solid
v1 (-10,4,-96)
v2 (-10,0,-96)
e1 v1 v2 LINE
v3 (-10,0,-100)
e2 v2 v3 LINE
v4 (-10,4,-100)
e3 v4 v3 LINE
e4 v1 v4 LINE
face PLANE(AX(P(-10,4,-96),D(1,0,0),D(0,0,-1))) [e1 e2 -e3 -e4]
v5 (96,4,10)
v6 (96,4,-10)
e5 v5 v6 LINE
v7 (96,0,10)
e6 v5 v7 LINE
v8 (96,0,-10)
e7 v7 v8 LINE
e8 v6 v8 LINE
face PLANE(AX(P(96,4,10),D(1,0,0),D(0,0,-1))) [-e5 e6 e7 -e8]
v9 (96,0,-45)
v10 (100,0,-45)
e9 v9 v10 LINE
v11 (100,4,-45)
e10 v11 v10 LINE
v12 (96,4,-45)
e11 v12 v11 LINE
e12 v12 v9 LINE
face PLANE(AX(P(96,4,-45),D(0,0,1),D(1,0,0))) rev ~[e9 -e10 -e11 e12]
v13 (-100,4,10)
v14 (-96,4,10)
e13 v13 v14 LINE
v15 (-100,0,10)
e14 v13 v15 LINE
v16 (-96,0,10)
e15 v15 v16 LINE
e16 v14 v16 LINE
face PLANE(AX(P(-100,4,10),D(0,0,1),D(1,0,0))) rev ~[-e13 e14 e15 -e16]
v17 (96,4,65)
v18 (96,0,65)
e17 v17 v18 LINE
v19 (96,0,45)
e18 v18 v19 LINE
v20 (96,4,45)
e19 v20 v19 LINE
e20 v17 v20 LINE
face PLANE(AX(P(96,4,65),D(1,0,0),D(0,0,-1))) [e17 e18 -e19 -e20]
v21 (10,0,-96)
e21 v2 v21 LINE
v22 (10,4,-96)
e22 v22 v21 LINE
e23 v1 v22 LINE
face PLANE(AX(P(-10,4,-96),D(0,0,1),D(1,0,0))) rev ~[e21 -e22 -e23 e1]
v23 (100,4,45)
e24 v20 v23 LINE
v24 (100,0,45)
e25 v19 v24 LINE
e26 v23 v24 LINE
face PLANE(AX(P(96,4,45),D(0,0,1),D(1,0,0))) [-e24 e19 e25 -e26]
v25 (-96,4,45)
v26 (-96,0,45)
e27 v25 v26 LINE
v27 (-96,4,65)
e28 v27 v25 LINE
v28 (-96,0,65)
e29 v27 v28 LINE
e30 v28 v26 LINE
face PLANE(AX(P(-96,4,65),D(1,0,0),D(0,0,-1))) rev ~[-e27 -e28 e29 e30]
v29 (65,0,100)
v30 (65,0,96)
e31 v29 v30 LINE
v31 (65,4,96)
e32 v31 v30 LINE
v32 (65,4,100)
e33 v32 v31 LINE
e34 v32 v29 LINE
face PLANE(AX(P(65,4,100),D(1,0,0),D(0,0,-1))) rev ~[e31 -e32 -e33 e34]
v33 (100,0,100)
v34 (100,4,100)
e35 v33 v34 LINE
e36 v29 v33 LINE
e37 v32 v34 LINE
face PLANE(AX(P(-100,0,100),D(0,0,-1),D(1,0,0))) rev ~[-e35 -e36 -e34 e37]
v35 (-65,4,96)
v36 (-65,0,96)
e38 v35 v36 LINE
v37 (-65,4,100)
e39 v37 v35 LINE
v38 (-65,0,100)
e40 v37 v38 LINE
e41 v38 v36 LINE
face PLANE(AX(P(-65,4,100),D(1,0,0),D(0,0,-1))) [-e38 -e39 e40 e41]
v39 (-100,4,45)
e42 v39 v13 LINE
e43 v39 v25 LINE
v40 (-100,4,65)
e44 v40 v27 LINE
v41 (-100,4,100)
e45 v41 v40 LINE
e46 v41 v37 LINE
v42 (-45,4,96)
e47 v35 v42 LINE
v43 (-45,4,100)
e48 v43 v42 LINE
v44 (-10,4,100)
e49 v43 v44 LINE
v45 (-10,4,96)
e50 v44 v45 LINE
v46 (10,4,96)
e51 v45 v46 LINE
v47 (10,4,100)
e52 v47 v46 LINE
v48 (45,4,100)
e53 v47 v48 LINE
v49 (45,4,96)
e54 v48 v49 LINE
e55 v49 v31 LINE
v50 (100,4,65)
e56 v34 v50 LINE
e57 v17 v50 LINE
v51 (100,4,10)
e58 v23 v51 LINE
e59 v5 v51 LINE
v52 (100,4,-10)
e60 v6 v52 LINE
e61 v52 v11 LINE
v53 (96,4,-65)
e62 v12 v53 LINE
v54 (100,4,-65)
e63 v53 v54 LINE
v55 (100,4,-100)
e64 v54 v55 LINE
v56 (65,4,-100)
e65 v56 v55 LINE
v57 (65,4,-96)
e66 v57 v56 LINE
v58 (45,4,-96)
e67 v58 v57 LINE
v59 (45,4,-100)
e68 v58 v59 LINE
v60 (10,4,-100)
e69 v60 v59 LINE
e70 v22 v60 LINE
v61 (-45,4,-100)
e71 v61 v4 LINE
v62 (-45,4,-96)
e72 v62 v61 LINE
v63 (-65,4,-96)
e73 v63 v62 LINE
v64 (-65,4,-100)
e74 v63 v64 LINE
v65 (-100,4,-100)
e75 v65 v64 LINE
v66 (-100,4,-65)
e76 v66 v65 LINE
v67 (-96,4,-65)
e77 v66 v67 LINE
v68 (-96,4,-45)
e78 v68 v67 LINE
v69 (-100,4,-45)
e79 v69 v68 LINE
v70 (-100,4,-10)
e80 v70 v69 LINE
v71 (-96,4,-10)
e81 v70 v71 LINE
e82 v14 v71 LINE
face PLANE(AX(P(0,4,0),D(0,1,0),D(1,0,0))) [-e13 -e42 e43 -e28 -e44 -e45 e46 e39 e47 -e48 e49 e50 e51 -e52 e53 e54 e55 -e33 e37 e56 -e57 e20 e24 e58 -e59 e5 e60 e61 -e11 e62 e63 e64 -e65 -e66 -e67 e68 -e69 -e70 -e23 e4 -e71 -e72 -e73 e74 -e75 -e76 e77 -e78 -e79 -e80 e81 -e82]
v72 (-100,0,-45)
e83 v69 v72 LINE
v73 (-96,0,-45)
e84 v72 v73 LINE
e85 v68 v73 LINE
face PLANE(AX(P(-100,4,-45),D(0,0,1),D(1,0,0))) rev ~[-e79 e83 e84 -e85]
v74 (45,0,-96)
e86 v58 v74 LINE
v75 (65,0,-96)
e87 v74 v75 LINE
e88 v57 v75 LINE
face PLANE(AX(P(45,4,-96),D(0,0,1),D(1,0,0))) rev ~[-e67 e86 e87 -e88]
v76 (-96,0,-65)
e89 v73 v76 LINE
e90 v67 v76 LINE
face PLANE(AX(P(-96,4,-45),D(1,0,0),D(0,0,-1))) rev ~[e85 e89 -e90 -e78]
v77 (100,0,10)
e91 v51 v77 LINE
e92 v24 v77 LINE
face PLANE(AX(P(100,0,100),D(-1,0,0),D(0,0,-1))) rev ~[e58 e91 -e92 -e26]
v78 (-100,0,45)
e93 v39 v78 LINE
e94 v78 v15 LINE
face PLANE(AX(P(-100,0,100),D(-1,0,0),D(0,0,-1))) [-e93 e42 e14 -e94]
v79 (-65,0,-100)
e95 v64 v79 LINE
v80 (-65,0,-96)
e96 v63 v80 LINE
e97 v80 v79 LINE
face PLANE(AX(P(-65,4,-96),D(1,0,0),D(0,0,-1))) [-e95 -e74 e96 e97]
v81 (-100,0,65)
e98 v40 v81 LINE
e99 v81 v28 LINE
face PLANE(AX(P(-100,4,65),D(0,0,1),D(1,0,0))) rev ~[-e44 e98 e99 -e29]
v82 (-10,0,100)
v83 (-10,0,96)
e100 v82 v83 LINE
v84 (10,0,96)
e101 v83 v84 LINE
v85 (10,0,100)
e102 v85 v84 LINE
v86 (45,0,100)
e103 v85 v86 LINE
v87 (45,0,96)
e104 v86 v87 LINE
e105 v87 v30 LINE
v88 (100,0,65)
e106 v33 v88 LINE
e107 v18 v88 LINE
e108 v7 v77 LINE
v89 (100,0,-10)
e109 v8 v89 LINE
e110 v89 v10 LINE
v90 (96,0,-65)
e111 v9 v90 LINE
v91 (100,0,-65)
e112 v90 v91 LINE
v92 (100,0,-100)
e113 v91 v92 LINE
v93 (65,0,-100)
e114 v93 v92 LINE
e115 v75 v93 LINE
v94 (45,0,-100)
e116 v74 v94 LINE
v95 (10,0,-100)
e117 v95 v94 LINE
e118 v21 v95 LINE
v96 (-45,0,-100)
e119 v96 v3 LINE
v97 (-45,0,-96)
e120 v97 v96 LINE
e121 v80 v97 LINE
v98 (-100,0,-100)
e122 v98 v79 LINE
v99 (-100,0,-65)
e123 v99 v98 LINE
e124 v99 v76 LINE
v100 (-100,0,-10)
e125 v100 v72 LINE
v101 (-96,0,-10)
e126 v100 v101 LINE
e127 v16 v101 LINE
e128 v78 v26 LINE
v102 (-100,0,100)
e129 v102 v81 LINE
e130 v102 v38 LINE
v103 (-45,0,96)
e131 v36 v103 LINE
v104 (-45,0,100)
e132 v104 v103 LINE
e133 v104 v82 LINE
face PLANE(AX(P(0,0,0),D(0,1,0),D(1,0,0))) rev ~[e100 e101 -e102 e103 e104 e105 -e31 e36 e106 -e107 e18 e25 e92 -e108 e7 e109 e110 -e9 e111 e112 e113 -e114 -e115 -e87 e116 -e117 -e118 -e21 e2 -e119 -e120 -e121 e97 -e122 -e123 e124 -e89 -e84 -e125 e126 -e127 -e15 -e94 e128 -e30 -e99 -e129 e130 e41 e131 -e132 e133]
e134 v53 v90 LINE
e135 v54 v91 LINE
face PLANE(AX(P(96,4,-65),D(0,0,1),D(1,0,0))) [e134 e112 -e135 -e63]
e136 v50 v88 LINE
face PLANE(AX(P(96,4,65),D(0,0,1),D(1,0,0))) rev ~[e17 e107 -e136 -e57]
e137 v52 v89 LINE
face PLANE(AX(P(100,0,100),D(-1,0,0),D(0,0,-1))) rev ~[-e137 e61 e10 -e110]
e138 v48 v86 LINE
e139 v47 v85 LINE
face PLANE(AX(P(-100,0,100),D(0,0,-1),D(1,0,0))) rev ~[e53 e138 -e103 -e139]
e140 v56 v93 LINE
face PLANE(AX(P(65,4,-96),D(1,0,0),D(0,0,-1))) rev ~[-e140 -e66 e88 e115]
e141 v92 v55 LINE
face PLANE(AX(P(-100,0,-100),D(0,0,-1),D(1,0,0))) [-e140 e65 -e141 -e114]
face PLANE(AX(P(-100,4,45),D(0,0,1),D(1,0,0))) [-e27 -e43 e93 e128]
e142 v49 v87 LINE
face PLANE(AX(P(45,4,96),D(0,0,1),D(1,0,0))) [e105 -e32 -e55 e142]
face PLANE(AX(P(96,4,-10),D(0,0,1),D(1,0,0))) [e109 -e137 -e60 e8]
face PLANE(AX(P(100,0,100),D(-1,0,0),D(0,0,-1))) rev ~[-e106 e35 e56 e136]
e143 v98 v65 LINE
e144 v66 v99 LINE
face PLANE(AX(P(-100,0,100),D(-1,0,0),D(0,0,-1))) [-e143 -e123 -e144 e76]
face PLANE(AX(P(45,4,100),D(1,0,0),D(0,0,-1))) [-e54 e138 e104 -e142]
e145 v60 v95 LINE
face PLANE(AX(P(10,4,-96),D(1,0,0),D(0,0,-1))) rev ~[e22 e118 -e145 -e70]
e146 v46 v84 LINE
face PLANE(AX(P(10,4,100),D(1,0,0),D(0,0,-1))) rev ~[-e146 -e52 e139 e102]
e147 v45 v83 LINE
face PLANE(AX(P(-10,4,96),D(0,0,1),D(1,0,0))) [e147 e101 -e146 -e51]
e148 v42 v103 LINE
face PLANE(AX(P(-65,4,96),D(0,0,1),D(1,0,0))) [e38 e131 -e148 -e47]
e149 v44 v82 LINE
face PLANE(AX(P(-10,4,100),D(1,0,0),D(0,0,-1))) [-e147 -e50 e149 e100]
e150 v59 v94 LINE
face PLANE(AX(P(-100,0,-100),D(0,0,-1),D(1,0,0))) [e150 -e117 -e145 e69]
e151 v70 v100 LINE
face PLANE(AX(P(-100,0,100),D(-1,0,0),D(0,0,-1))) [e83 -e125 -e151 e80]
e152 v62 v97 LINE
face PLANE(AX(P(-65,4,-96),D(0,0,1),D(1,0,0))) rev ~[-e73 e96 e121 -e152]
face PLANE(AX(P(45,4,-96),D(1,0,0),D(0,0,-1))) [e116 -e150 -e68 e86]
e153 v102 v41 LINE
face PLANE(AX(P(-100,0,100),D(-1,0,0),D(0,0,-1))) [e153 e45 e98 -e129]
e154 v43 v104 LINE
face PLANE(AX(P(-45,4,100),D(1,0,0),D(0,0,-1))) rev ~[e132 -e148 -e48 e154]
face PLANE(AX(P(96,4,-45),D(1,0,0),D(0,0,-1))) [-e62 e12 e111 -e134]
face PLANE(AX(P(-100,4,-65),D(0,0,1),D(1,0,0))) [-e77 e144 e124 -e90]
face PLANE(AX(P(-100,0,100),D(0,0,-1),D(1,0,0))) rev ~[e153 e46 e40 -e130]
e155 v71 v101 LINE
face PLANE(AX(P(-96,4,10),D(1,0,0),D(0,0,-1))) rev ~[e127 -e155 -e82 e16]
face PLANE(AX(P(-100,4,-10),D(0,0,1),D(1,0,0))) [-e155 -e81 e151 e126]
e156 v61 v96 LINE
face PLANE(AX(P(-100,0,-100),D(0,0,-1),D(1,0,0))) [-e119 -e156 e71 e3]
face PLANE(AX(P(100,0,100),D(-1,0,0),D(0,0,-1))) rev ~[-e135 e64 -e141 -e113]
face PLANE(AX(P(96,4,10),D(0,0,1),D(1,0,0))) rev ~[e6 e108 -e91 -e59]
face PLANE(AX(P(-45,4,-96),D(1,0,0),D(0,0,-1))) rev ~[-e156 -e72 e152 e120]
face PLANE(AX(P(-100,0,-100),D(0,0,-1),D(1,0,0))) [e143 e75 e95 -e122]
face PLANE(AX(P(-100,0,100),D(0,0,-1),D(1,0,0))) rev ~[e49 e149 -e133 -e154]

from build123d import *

# Parameters (mm, degrees)
ESBO_O1_W                = 200
ESBO_O1_H                = 200
RESSALTO_EXTRUS_O1_DEPTH = 4
ESBO_O2_W                = 20
ESBO_O2_H                = 4
ESBO_O2_W_2              = 4
ESBO_O2_H_2              = 20
CORTE_EXTRUS_O1_DEPTH    = 5


with BuildPart() as part:
    # Esboço1 → Ressalto-extrusão1 (new body)
    with BuildSketch(Plane(origin=(0, 0, 0), x_dir=(1, 0, 0), z_dir=(0, 1, 0))):
        Rectangle(ESBO_O1_W, ESBO_O1_H)
    extrude(amount=RESSALTO_EXTRUS_O1_DEPTH)

    # Esboço2 → Corte-extrusão1 (cut, through all)
    with BuildSketch(Plane(origin=(0, 4, 0), x_dir=(1, 0, 0), z_dir=(0, 1, 0))):
        with Locations((-55, 98)):
            Rectangle(ESBO_O2_W, ESBO_O2_H)
        with Locations((55, 98)):
            Rectangle(ESBO_O2_W, ESBO_O2_H)
        with Locations((0, 98)):
            Rectangle(ESBO_O2_W, ESBO_O2_H)
        with Locations((98, 55)):
            Rectangle(ESBO_O2_W_2, ESBO_O2_H_2)
        with Locations((98, 0)):
            Rectangle(ESBO_O2_W_2, ESBO_O2_H_2)
        with Locations((98, -55)):
            Rectangle(ESBO_O2_W_2, ESBO_O2_H_2)
        with Locations((-98, 0)):
            Rectangle(ESBO_O2_W_2, ESBO_O2_H_2)
        with Locations((-98, -55)):
            Rectangle(ESBO_O2_W_2, ESBO_O2_H_2)
        with Locations((-98, 55)):
            Rectangle(ESBO_O2_W_2, ESBO_O2_H_2)
        with Locations((55, -98)):
            Rectangle(ESBO_O2_W, ESBO_O2_H)
        with Locations((-55, -98)):
            Rectangle(ESBO_O2_W, ESBO_O2_H)
        with Locations((0, -98)):
            Rectangle(ESBO_O2_W, ESBO_O2_H)
    extrude(amount=-CORTE_EXTRUS_O1_DEPTH, mode=Mode.SUBTRACT)


solid = part.part
